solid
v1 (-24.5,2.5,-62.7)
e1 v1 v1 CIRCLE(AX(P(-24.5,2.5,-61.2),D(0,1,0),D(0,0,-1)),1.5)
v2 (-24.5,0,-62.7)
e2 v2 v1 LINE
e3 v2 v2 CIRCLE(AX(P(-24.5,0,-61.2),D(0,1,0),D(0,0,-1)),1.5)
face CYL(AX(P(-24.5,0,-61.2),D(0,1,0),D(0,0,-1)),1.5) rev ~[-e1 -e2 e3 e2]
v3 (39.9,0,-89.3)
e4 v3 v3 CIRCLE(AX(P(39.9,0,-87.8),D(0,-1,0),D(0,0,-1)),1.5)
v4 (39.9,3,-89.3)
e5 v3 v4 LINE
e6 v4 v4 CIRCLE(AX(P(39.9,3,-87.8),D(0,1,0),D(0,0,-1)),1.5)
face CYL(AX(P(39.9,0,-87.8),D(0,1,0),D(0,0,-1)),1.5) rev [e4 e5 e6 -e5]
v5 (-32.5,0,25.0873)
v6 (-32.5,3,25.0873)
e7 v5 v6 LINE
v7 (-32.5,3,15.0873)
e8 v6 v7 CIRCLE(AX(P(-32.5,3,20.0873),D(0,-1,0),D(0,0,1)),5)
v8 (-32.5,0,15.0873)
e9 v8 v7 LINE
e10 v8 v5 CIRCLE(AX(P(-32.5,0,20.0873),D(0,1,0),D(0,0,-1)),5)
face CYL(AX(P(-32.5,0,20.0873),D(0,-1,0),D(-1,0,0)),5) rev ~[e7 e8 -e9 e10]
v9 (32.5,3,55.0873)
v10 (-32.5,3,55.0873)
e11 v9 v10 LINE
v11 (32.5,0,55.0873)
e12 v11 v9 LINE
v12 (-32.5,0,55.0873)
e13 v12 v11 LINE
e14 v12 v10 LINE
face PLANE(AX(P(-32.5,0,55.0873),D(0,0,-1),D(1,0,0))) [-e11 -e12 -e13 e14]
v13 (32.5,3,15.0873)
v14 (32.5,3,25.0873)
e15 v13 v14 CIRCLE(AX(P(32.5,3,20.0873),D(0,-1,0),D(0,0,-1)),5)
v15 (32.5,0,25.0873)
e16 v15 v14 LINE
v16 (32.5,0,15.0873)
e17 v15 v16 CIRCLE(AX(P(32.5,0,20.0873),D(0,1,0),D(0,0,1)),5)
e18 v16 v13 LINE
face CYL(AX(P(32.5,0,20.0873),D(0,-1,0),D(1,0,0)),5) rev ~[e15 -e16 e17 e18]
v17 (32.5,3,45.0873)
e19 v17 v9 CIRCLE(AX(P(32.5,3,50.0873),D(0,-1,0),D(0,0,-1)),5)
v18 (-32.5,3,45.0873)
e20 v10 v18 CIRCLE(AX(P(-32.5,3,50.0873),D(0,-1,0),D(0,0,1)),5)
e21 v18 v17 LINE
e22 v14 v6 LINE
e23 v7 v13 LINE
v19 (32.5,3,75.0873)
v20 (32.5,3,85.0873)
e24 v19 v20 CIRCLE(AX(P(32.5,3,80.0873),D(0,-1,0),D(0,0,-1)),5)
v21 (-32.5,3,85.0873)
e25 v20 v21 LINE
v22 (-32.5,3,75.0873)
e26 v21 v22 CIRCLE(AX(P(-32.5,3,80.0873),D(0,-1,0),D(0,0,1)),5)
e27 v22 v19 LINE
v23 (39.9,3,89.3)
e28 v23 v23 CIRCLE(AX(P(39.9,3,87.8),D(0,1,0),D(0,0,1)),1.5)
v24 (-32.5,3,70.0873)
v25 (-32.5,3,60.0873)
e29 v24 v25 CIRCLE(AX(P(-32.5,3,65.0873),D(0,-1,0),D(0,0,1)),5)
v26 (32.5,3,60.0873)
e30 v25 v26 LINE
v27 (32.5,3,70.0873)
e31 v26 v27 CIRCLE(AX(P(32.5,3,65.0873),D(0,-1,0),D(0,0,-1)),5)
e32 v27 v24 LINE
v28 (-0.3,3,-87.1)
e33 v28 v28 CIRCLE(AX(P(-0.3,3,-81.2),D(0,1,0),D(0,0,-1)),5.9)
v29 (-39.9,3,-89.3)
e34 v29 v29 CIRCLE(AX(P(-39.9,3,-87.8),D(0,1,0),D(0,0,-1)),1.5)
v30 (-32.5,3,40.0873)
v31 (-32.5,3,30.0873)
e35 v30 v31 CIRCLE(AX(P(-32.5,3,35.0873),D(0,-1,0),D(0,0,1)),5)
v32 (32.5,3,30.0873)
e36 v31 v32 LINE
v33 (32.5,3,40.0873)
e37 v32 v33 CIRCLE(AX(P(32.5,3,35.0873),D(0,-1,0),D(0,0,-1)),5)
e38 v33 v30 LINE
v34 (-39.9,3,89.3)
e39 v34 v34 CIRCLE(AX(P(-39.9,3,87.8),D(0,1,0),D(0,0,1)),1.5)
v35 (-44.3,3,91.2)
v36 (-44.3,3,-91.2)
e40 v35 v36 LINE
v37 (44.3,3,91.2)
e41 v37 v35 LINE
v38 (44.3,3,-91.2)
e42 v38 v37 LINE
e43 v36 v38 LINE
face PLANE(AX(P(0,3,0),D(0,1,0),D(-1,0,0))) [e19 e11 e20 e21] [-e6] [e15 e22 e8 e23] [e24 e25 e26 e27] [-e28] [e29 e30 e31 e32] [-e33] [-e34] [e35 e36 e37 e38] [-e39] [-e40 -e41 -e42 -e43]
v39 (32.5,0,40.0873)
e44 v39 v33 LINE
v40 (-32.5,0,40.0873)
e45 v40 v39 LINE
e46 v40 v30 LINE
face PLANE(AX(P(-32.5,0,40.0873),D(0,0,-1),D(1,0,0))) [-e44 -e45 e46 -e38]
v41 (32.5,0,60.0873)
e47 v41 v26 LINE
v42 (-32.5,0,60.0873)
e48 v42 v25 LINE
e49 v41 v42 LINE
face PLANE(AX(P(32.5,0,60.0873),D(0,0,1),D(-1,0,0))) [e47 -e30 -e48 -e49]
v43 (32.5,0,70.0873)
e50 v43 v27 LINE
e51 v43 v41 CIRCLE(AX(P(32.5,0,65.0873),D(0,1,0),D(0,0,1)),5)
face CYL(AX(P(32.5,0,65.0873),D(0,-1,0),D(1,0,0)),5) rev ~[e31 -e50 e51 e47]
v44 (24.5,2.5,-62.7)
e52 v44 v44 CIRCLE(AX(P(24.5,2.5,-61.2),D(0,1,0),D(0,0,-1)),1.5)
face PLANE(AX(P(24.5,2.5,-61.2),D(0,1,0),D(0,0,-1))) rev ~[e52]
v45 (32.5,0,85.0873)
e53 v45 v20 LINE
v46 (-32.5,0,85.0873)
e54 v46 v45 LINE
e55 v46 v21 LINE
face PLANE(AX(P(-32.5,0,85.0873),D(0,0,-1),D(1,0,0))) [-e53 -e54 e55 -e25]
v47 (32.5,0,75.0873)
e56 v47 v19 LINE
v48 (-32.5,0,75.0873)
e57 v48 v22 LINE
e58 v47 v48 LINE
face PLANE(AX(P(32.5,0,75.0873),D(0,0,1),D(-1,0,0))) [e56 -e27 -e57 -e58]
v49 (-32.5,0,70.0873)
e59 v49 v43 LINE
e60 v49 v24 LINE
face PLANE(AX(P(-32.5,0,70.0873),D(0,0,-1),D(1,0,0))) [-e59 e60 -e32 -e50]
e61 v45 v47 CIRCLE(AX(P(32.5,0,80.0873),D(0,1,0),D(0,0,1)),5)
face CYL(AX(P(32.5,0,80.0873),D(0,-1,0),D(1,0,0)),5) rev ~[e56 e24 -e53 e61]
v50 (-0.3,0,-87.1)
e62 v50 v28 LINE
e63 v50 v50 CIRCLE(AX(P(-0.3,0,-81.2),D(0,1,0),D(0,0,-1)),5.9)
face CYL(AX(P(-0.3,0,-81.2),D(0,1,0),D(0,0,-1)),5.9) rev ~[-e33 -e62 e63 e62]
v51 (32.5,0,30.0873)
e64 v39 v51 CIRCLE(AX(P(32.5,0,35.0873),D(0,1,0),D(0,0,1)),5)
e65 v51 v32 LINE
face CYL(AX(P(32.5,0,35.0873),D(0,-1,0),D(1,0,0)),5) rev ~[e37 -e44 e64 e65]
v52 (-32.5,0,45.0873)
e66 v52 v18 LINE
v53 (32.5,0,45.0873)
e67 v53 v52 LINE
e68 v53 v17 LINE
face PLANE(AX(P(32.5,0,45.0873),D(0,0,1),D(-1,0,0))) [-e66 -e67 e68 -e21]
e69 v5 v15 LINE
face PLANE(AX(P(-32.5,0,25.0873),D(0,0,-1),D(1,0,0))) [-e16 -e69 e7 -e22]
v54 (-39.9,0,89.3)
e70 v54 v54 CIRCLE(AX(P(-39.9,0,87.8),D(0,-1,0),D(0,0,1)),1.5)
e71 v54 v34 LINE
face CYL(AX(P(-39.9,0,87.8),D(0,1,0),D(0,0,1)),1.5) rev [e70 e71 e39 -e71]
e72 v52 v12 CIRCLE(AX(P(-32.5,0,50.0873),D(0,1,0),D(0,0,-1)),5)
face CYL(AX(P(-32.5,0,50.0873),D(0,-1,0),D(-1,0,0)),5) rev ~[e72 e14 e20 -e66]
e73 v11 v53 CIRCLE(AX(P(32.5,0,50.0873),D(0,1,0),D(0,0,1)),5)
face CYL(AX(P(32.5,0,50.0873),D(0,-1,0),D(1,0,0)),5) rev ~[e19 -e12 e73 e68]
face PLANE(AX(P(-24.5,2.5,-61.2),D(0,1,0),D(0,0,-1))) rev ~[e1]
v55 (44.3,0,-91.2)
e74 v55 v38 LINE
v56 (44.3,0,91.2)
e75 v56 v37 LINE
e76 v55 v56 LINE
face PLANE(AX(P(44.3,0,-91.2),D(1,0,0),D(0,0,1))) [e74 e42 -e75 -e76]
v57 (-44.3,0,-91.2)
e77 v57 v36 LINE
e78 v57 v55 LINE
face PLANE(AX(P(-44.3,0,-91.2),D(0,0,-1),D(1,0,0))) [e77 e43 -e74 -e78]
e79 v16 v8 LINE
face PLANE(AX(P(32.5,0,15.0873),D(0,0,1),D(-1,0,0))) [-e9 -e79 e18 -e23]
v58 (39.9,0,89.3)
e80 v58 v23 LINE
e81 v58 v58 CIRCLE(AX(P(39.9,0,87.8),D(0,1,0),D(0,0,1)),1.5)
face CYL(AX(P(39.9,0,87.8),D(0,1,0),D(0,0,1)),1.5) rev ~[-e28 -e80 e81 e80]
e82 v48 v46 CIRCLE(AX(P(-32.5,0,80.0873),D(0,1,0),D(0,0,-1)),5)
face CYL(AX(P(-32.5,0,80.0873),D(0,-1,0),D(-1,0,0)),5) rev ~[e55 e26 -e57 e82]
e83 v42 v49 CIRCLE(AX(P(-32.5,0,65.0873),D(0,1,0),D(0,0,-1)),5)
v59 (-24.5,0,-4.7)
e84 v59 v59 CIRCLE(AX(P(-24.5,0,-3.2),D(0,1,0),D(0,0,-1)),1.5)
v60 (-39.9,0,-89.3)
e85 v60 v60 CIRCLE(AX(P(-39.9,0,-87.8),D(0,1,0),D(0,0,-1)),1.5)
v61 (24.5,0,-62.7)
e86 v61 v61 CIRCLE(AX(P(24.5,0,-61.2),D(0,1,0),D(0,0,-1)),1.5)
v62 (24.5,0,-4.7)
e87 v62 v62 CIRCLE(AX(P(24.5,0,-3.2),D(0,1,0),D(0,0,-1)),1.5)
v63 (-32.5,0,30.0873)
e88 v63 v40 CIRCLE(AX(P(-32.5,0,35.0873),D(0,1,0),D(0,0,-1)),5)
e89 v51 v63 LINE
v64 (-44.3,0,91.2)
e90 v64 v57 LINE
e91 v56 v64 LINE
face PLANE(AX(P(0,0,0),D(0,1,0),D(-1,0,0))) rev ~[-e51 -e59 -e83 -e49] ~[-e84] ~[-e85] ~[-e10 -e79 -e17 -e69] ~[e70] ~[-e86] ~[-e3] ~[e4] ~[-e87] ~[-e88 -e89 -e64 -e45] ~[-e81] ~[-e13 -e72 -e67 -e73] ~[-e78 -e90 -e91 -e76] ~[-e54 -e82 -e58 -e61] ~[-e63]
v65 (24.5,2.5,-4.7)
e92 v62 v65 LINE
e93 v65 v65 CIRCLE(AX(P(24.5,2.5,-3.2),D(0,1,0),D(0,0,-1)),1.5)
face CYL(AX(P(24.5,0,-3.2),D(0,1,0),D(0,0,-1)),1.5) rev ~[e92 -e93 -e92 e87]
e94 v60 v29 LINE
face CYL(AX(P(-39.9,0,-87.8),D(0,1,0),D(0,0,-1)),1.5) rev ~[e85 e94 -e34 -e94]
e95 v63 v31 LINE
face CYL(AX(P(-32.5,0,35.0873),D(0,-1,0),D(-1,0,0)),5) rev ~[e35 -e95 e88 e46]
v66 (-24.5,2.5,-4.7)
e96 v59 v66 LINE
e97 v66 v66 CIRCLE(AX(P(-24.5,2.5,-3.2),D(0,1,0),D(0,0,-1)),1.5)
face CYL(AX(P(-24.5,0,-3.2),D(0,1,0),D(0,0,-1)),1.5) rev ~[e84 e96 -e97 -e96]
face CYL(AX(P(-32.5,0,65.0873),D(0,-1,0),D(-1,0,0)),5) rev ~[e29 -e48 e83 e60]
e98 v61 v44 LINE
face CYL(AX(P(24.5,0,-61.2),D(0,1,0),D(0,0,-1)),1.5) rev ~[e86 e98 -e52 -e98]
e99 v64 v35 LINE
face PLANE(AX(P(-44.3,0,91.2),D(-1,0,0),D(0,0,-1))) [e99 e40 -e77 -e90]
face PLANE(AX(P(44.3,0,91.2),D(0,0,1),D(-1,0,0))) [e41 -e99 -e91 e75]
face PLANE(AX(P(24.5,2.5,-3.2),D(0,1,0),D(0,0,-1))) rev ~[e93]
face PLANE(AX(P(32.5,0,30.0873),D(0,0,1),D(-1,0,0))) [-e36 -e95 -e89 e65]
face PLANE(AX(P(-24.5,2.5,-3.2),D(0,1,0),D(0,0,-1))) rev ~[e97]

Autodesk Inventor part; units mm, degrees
ref_plane "YZ Plane" through (0, 0, 0) normal (1, 0, 0) x (0, 1, 0)
ref_plane "XZ Plane" through (0, 0, 0) normal (0, 1, 0) x (-1, 0, 0)
ref_plane "XY Plane" through (0, 0, 0) normal (0, 0, 1) x (1, 0, 0)
sketch "Skizze1" plane through (0, 0, 0) normal (0, 1, 0) x (-1, 0, 0)
  line L0 (-44.3, 91.2) -> (44.3, 91.2)
  line L1 (44.3, 91.2) -> (44.3, -91.2)
  line L2 (44.3, -91.2) -> (-44.3, -91.2)
  line L3 (-44.3, -91.2) -> (-44.3, 91.2)
  line L4 (-44.3, 91.2) -> (44.3, -91.2) construction
  line L5 (44.3, 91.2) -> (-44.3, -91.2) construction
  point P0 (0, 0)
  dimension "d0" = 88.6
  dimension "d1" = 182.4
extrude "Extrusion1" add sketch "Skizze1" along normal blind 3
sketch "Skizze2" plane through (0, 0, 0) normal (0, -1, 0) x (1, 0, 0)
  line L0 (-44.3, -91.2) -> (44.3, -91.2) projected
  line L1 (0, -91.2) -> (0, 91.2)
  line L2 (44.3, 91.2) -> (-44.3, 91.2) projected
  line L3 (-24.5, -61.2) -> (24.5, -61.2)
  line L4 (24.5, -61.2) -> (24.5, -3.2)
  line L5 (24.5, -3.2) -> (-24.5, -3.2)
  line L6 (-24.5, -3.2) -> (-24.5, -61.2)
  line L7 (-24.5, -61.2) -> (24.5, -3.2) construction
  line L8 (24.5, -61.2) -> (-24.5, -3.2) construction
  point P0 (0, 0)
  point P1 (0, -32.2)
  dimension "d5" = 49
  dimension "d6" = 58
  dimension "d7" = 30
hole "Bohrung1" at (-24.5, 0, -61.2) at (24.5, 0, -61.2) at (24.5, 0, -3.2) at (-24.5, 0, -3.2) direction (0, 1, 0) diameter 3 depth 2.5
sketch "Skizze3" plane through (0, 0, 0) normal (0, -1, 0) x (1, 0, 0)
  line L0 (32.5, 15.0873) -> (-32.5, 15.0873)
  line L1 (-37.5, 20.0873) -> (-37.5, 20.0873)
  line L2 (-32.5, 25.0873) -> (32.5, 25.0873)
  line L3 (37.5, 20.0873) -> (37.5, 20.0873)
  line L4 (37.5, 15.0873) -> (-37.5, 25.0873) construction
  line L5 (-37.5, 15.0873) -> (37.5, 25.0873) construction
  arc A0 (-37.5, 20.0873) -> (-32.5, 15.0873) centre (-32.5, 20.0873) ccw
  arc A1 (-32.5, 25.0873) -> (-37.5, 20.0873) centre (-32.5, 20.0873) ccw
  arc A2 (32.5, 15.0873) -> (37.5, 20.0873) centre (32.5, 20.0873) ccw
  arc A3 (37.5, 20.0873) -> (32.5, 25.0873) centre (32.5, 20.0873) ccw
  point P0 (0, 0)
  point P1 (0, 20.0873)
  dimension "d15" = 75
  dimension "d16" = 10
  dimension "d18" = 5
  dimension "d19" = 5
  dimension "d20" = 5
extrude "Extrusion2" cut sketch "Skizze3" against normal blind 10
pattern_linear "Rechteckige Anordnung1" count 5 spacing 15 along (0, 0, 1) of "Extrusion2"
hole "Bohrung2" at (-39.9, 0, -87.8) direction (0, 1, 0) diameter 3 depth 8 tip angle 118
mirror "Spiegeln1" about plane through (0, 0, 0) normal (1, 0, 0) of "Bohrung2"
mirror "Spiegeln2" about plane through (0, 0, 0) normal (0, 0, 1) of "Bohrung2", "Spiegeln1"
hole "Bohrung3" at (-0.3, 0, -81.2) direction (0, 1, 0) diameter 11.8 depth 8 tip angle 118
properties part number "RaspberryBox_Backplate_v2"
